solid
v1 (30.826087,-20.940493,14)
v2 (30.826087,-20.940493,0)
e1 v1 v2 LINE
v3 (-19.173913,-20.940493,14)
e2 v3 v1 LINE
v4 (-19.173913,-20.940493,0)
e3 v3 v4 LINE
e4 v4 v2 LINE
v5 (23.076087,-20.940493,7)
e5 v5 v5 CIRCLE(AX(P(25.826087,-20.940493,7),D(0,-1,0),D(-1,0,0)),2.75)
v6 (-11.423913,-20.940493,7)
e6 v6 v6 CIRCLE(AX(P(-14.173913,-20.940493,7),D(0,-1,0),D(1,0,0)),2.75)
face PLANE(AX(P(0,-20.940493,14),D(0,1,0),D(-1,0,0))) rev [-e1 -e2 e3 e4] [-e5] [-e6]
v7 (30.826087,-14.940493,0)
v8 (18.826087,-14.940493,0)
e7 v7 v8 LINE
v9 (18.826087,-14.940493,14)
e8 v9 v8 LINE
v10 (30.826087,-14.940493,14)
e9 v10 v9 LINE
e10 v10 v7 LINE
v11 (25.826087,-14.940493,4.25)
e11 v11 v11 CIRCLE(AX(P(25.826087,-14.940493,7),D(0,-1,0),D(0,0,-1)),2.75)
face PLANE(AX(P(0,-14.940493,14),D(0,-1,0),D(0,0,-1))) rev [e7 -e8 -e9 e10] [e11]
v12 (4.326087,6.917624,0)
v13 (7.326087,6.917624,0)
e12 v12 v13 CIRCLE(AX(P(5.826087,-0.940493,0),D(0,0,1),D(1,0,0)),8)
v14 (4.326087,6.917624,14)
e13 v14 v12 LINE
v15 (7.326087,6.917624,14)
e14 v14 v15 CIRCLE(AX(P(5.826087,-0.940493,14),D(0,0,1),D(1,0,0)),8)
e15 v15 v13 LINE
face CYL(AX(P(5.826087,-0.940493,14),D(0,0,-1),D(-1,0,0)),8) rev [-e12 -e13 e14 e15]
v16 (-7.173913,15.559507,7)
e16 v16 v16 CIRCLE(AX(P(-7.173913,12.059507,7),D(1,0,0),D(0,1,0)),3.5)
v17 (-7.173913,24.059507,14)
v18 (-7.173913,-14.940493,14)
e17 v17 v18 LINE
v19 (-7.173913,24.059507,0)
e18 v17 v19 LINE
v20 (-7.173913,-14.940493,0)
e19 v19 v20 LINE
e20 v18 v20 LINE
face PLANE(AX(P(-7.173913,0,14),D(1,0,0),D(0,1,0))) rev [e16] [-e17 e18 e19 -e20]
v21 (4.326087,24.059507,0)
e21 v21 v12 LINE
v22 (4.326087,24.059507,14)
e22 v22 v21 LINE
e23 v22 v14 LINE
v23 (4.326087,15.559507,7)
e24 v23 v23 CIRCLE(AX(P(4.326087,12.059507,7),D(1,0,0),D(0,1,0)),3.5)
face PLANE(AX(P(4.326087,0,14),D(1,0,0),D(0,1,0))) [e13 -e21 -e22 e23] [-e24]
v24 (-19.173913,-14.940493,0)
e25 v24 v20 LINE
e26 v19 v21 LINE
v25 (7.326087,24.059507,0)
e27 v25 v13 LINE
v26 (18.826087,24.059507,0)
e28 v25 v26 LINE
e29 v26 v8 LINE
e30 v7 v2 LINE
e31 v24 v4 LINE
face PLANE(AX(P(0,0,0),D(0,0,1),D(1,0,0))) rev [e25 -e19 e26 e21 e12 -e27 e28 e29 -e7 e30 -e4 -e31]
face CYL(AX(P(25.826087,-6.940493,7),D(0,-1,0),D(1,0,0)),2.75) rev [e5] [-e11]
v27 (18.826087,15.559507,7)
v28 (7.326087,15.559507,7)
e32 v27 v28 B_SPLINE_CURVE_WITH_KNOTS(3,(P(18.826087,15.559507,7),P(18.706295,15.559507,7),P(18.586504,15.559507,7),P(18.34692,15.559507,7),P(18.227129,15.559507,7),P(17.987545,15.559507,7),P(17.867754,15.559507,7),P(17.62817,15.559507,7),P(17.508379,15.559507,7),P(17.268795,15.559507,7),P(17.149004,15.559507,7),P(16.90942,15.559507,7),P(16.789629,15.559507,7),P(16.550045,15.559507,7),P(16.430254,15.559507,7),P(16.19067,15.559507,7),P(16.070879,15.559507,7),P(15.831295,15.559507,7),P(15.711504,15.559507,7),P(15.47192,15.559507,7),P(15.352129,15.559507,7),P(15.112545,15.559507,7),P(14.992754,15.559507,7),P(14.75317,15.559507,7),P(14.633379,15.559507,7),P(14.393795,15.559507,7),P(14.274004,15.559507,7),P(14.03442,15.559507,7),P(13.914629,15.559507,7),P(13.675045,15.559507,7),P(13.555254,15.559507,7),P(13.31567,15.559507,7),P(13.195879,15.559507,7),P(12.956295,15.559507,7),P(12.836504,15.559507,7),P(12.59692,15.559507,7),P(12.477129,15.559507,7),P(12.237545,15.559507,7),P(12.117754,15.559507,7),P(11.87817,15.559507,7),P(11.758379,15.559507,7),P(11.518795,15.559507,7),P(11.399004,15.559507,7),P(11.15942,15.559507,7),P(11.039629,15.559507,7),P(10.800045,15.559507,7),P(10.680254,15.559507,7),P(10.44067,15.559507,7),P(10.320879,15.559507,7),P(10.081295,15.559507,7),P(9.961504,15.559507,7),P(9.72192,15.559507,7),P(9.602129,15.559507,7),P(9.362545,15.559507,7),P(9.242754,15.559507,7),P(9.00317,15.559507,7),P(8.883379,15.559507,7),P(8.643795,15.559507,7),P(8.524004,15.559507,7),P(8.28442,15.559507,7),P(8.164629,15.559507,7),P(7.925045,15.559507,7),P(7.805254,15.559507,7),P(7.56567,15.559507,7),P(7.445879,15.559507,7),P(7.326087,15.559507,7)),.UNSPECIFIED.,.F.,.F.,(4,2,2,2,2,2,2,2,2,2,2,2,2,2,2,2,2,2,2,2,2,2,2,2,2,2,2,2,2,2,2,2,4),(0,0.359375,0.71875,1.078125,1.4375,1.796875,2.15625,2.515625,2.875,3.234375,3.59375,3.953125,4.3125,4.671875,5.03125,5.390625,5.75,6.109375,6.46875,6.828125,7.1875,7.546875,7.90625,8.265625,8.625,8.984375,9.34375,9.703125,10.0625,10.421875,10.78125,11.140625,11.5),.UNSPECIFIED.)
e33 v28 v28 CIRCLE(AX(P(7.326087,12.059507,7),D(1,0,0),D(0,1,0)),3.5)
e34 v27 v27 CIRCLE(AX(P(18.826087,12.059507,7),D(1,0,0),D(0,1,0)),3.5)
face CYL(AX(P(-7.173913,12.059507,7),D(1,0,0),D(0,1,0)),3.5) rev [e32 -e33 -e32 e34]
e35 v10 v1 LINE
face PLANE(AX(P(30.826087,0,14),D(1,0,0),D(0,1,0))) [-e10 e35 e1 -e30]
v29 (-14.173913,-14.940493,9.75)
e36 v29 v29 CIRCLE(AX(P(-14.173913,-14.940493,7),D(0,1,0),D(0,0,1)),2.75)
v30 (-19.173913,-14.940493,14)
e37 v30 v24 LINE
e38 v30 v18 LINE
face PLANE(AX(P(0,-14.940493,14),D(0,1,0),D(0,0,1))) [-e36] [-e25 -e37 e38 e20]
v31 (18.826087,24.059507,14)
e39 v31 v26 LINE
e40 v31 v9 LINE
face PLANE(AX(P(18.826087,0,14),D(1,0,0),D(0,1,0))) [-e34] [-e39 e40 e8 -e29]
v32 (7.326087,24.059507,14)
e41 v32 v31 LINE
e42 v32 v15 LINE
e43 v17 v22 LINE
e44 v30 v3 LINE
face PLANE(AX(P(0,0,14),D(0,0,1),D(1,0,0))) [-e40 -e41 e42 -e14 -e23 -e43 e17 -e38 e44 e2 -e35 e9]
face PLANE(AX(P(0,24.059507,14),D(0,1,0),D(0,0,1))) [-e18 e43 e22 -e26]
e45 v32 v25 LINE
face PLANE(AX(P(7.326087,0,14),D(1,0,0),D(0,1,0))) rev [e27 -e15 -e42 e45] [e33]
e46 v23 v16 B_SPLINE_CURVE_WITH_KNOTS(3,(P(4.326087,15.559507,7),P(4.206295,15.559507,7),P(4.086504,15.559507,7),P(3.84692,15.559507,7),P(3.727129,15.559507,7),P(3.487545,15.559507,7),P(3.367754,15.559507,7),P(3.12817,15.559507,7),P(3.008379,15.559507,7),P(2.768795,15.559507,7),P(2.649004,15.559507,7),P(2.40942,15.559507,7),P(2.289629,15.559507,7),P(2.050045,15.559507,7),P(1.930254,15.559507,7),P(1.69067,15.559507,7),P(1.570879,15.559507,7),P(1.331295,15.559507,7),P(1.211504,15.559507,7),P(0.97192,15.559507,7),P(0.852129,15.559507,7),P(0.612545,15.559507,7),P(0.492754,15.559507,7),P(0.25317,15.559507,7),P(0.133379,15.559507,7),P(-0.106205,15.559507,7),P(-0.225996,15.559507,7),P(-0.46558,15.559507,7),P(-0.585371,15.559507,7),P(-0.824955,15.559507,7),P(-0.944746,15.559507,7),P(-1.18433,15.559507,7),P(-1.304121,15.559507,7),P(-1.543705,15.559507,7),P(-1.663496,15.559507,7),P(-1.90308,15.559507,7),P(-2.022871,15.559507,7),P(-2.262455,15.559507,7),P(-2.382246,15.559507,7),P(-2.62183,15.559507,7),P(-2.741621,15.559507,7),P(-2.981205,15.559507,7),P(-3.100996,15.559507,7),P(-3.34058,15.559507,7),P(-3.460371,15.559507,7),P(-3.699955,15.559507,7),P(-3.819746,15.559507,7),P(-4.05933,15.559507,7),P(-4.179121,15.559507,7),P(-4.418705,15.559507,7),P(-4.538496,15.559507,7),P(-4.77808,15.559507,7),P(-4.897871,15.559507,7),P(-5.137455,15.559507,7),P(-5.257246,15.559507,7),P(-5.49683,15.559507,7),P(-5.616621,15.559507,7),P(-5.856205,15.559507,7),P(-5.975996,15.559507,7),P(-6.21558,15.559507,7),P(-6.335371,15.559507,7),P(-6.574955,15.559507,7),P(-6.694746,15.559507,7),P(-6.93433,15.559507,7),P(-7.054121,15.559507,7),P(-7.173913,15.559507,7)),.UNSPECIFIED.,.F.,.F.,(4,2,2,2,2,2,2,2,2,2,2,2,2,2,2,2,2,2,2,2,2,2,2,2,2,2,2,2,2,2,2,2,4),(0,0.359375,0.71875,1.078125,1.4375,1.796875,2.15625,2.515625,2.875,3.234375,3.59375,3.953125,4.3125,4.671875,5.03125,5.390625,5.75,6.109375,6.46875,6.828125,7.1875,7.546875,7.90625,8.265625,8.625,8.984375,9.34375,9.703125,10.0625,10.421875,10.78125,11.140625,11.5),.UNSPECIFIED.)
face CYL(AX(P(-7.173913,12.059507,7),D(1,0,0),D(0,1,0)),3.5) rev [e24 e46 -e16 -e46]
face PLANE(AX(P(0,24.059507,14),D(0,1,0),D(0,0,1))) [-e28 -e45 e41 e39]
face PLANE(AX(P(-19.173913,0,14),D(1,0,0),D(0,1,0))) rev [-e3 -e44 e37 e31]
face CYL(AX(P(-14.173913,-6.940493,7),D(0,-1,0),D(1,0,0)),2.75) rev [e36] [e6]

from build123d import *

# Parameters (mm, degrees)
EXTRUDE_1_DEPTH     = 14
CUT_EXTRUDE_START   = -26
SKETCH_2_R          = 3.5
CUT_EXTRUDE_1_DEPTH = 26
SKETCH_3_R          = 2.75
CUT_EXTRUDE_2_DEPTH = 14


with BuildPart() as part:
    # 草图1 → 凸台-拉伸1 (new body)
    with BuildSketch(Plane.XY):
        with BuildLine():
            Line((4.326086957, 24.059506973), (-7.173913043, 24.059506973))
            Line((-7.173913043, 24.059506973), (-7.173913043, -14.940493027))
            Line((-7.173913043, -14.940493027), (-19.173913043, -14.940493027))
            Line((-19.173913043, -14.940493027), (-19.173913043, -20.940493027))
            Line((-19.173913043, -20.940493027), (30.826086957, -20.940493027))
            Line((30.826086957, -20.940493027), (30.826086957, -14.940493027))
            Line((30.826086957, -14.940493027), (18.826086957, -14.940493027))
            Line((18.826086957, -14.940493027), (18.826086957, 24.059506973))
            Line((18.826086957, 24.059506973), (7.326086957, 24.059506973))
            Line((7.326086957, 24.059506973), (7.326086957, 6.917623795))
            ThreePointArc((7.326086957, 6.917623795), (11.990500959, 4.158526486), (13.826086957, -0.940493027))
            ThreePointArc((13.826086957, -0.940493027), (0.727067443, -7.10490703), (4.326086957, 6.917623795))
            Line((4.326086957, 6.917623795), (4.326086957, 24.059506973))
        make_face()
    extrude(amount=EXTRUDE_1_DEPTH)

    # 草图2 → 切除-拉伸1 (cut)
    with BuildSketch(Plane(origin=(18.826086957, 0, 0), x_dir=(0, 0, -1), z_dir=(1, 0, 0)).offset(CUT_EXTRUDE_START)):
        with Locations(Location((-7, 12.059506973, 0), (0, 0, 90))):
            Circle(SKETCH_2_R)
    extrude(amount=CUT_EXTRUDE_1_DEPTH, mode=Mode.SUBTRACT)

    # 草图3 → 切除-拉伸2 (cut)
    with BuildSketch(Plane(origin=(0, -20.940493027, 0), x_dir=(-1, 0, 0), z_dir=(0, -1, 0))):
        with Locations(Location((14.173913043, -7, 0), (0, 0, 180))):
            Circle(SKETCH_3_R)
        with Locations(Location((-25.826086957, -7, 0), (0, 0, 90))):
            Circle(SKETCH_3_R)
    extrude(amount=-CUT_EXTRUDE_2_DEPTH, mode=Mode.SUBTRACT)


solid = part.part
